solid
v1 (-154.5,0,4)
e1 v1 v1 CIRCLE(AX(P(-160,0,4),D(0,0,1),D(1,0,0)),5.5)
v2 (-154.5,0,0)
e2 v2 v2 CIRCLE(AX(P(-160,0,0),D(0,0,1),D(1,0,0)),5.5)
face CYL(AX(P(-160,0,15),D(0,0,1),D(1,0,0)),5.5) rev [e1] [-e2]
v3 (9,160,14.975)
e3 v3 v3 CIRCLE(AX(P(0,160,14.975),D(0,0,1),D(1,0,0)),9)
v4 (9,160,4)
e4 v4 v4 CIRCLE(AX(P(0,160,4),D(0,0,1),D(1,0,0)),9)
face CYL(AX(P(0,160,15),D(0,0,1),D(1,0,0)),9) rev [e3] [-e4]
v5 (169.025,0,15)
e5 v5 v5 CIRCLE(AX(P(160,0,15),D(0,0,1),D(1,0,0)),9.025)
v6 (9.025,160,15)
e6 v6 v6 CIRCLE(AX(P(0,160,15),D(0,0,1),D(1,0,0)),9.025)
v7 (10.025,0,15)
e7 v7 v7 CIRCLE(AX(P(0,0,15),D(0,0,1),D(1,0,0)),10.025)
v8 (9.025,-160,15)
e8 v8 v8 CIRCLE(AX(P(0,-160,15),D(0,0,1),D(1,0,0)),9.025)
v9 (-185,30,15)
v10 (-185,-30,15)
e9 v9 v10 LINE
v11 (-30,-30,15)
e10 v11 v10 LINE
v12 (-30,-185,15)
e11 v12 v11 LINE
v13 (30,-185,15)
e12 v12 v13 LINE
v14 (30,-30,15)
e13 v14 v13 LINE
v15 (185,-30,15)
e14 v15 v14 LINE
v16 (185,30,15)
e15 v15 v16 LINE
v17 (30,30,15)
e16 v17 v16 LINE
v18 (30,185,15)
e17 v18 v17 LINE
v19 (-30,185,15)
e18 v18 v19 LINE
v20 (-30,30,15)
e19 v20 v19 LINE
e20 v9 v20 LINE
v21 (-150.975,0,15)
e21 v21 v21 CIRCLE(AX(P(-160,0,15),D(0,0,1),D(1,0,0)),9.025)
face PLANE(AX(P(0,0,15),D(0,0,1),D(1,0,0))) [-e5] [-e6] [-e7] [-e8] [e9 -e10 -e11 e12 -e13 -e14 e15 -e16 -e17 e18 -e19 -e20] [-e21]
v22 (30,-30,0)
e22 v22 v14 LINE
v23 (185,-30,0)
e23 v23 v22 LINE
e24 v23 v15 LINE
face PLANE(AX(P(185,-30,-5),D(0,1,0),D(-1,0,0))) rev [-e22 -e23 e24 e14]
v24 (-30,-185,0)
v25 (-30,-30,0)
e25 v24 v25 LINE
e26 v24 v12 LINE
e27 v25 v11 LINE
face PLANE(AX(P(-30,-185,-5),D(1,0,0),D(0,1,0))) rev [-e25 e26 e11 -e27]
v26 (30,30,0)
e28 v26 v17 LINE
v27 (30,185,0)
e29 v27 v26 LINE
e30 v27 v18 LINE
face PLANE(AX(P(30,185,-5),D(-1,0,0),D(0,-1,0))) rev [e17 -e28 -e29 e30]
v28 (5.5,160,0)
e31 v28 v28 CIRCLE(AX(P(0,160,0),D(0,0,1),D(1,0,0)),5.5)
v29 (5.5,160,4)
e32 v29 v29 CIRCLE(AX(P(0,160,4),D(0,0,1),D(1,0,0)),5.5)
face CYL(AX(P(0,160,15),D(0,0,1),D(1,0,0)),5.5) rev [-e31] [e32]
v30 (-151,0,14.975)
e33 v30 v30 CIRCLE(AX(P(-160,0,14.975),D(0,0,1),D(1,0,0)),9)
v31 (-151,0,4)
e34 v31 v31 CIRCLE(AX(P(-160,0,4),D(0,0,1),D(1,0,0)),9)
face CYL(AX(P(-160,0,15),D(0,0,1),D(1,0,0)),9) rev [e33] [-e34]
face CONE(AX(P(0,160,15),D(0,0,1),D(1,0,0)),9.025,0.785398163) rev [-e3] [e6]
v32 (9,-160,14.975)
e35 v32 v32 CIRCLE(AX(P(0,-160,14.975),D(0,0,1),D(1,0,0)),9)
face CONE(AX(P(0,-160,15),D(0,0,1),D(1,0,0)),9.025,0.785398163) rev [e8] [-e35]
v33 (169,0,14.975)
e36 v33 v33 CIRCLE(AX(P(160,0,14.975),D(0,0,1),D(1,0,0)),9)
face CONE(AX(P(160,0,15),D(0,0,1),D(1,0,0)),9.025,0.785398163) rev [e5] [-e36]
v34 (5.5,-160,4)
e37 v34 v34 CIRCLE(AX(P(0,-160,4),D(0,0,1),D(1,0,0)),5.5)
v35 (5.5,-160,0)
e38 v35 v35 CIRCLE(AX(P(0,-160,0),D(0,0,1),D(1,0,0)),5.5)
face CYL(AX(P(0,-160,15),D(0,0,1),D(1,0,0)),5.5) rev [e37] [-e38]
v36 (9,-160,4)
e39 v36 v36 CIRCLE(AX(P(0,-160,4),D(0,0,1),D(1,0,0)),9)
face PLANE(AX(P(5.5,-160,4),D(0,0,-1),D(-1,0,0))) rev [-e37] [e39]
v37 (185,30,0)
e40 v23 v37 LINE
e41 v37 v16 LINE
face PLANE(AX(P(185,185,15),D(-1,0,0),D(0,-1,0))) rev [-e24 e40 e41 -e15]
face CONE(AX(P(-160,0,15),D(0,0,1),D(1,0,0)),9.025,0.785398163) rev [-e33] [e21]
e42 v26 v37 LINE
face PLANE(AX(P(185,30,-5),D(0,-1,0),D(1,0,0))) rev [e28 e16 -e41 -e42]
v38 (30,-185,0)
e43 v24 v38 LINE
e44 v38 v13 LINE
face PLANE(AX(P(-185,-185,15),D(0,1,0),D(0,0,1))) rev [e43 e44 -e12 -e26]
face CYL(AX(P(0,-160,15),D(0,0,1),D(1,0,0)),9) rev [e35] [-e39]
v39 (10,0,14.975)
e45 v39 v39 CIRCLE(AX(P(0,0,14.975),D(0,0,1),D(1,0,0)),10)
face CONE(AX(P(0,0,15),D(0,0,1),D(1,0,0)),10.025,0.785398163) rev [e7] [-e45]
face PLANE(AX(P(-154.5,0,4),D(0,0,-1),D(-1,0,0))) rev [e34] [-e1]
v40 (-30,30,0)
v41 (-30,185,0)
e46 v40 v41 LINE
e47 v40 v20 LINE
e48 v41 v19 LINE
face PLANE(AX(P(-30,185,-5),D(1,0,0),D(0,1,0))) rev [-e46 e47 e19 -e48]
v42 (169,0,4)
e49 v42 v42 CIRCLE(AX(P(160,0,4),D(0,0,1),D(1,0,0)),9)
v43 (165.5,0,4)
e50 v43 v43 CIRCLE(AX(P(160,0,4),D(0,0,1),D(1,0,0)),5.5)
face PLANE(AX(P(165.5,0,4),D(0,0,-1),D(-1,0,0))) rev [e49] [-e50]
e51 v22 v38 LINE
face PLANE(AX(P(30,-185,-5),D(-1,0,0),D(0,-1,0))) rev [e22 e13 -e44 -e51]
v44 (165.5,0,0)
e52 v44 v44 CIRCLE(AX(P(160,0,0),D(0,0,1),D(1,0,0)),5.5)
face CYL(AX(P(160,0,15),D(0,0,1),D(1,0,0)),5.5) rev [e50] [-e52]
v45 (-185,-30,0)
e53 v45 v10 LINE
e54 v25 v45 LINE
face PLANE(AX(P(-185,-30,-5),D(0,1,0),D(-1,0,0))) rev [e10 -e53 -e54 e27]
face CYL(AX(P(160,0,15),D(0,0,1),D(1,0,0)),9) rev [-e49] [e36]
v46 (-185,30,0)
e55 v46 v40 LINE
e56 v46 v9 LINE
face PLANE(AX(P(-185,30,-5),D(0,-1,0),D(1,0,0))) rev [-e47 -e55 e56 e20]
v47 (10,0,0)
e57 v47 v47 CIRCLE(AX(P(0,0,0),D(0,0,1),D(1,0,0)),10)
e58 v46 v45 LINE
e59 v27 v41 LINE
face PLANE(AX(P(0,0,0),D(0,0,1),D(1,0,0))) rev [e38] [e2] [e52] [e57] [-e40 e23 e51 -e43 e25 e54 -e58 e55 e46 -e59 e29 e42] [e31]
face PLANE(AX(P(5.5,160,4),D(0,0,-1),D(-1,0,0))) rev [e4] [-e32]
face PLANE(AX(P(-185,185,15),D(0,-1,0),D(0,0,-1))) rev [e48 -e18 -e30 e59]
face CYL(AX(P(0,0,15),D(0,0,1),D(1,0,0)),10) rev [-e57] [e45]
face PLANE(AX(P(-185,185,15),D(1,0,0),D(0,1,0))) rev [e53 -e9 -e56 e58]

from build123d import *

# Parameters (mm, degrees)
SKETCH_1_W               = 370
SKETCH_1_H               = 370
EXTRUDE_1_DEPTH          = 15
SKETCH_2_W               = 155
SKETCH_2_H               = 155
CUT_EXTRUDE_1_DEPTH      = 20
HOLE_WIZARD_1_AT_2_COUNT = 2
HOLE_WIZARD_1_AT_2_PITCH = 320
HOLE_WIZARD_1_AT_3_COUNT = 2
HOLE_WIZARD_1_AT_3_PITCH = 226.27416998
HOLE_WIZARD_1_AT_4_COUNT = 2
HOLE_WIZARD_1_AT_4_PITCH = 226.27416998
MM_1_D                   = 20
MM_1_DEPTH               = 17
MM_1_CSINK_D             = 20.05
MM_1_CSINK_ANGLE         = 90
MM_1_TIP                 = 6.00860619


with BuildPart() as part:
    # 草图1 → 凸台-拉伸1 (new body)
    with BuildSketch(Plane.XY):
        Rectangle(SKETCH_1_W, SKETCH_1_H)
    extrude(amount=EXTRUDE_1_DEPTH)

    # 草图2 → 切除-拉伸1 (cut)
    with BuildSketch(Plane.XY.offset(15)):
        with Locations((107.5, 107.5)):
            Rectangle(SKETCH_2_W, SKETCH_2_H)
        with Locations((-107.5, 107.5)):
            Rectangle(SKETCH_2_W, SKETCH_2_H)
        with Locations((-107.5, -107.5)):
            Rectangle(SKETCH_2_W, SKETCH_2_H)
        with Locations((107.5, -107.5)):
            Rectangle(SKETCH_2_W, SKETCH_2_H)
    extrude(amount=-CUT_EXTRUDE_1_DEPTH, mode=Mode.SUBTRACT)

    # 草图4 → 打孔尺寸(%根据)内六角圆柱头螺钉的类型1 (revolve, cut)
    with BuildSketch(Plane(origin=(-160, 0, 15), x_dir=(0, -1, 0), z_dir=(1, 0, 0))):
        Polygon((0, 0), (0, 20.304733405), (5.5, 17), (5.5, 11), (9, 11), (9, 0.025), (9.025, 0), align=None)
    hole_wizard_1 = revolve(axis=Axis((-160, 0, 21.35), (0, 0, -1)), mode=Mode.SUBTRACT)

    # 打孔尺寸(%根据)内六角圆柱头螺钉的类型1 at 2: 打孔尺寸(%根据)内六角圆柱头螺钉的类型1 ×2
    with Locations(*[(i * HOLE_WIZARD_1_AT_2_PITCH, 0, 0) for i in range(1, HOLE_WIZARD_1_AT_2_COUNT)]):
        add(hole_wizard_1, mode=Mode.SUBTRACT)

    # 打孔尺寸(%根据)内六角圆柱头螺钉的类型1 at 3: 打孔尺寸(%根据)内六角圆柱头螺钉的类型1 ×2
    with Locations(*[Vector(0.707106781, 0.707106781, 0) * (i * HOLE_WIZARD_1_AT_3_PITCH) for i in range(1, HOLE_WIZARD_1_AT_3_COUNT)]):
        add(hole_wizard_1, mode=Mode.SUBTRACT)

    # 打孔尺寸(%根据)内六角圆柱头螺钉的类型1 at 4: 打孔尺寸(%根据)内六角圆柱头螺钉的类型1 ×2
    with Locations(*[Vector(0.707106781, -0.707106781, 0) * (i * HOLE_WIZARD_1_AT_4_PITCH) for i in range(1, HOLE_WIZARD_1_AT_4_COUNT)]):
        add(hole_wizard_1, mode=Mode.SUBTRACT)

    # 大小mm 暗销槽口1
    with Locations(Plane.XY.offset(15)):
        with Locations((0, 0)):
            CounterSinkHole(MM_1_D / 2, MM_1_CSINK_D / 2, depth=MM_1_DEPTH, counter_sink_angle=MM_1_CSINK_ANGLE)
            with Locations((0, 0, -(MM_1_DEPTH + MM_1_TIP / 2))):  # 118° drill point
                Cone(0, MM_1_D / 2, MM_1_TIP, mode=Mode.SUBTRACT)


solid = part.part
